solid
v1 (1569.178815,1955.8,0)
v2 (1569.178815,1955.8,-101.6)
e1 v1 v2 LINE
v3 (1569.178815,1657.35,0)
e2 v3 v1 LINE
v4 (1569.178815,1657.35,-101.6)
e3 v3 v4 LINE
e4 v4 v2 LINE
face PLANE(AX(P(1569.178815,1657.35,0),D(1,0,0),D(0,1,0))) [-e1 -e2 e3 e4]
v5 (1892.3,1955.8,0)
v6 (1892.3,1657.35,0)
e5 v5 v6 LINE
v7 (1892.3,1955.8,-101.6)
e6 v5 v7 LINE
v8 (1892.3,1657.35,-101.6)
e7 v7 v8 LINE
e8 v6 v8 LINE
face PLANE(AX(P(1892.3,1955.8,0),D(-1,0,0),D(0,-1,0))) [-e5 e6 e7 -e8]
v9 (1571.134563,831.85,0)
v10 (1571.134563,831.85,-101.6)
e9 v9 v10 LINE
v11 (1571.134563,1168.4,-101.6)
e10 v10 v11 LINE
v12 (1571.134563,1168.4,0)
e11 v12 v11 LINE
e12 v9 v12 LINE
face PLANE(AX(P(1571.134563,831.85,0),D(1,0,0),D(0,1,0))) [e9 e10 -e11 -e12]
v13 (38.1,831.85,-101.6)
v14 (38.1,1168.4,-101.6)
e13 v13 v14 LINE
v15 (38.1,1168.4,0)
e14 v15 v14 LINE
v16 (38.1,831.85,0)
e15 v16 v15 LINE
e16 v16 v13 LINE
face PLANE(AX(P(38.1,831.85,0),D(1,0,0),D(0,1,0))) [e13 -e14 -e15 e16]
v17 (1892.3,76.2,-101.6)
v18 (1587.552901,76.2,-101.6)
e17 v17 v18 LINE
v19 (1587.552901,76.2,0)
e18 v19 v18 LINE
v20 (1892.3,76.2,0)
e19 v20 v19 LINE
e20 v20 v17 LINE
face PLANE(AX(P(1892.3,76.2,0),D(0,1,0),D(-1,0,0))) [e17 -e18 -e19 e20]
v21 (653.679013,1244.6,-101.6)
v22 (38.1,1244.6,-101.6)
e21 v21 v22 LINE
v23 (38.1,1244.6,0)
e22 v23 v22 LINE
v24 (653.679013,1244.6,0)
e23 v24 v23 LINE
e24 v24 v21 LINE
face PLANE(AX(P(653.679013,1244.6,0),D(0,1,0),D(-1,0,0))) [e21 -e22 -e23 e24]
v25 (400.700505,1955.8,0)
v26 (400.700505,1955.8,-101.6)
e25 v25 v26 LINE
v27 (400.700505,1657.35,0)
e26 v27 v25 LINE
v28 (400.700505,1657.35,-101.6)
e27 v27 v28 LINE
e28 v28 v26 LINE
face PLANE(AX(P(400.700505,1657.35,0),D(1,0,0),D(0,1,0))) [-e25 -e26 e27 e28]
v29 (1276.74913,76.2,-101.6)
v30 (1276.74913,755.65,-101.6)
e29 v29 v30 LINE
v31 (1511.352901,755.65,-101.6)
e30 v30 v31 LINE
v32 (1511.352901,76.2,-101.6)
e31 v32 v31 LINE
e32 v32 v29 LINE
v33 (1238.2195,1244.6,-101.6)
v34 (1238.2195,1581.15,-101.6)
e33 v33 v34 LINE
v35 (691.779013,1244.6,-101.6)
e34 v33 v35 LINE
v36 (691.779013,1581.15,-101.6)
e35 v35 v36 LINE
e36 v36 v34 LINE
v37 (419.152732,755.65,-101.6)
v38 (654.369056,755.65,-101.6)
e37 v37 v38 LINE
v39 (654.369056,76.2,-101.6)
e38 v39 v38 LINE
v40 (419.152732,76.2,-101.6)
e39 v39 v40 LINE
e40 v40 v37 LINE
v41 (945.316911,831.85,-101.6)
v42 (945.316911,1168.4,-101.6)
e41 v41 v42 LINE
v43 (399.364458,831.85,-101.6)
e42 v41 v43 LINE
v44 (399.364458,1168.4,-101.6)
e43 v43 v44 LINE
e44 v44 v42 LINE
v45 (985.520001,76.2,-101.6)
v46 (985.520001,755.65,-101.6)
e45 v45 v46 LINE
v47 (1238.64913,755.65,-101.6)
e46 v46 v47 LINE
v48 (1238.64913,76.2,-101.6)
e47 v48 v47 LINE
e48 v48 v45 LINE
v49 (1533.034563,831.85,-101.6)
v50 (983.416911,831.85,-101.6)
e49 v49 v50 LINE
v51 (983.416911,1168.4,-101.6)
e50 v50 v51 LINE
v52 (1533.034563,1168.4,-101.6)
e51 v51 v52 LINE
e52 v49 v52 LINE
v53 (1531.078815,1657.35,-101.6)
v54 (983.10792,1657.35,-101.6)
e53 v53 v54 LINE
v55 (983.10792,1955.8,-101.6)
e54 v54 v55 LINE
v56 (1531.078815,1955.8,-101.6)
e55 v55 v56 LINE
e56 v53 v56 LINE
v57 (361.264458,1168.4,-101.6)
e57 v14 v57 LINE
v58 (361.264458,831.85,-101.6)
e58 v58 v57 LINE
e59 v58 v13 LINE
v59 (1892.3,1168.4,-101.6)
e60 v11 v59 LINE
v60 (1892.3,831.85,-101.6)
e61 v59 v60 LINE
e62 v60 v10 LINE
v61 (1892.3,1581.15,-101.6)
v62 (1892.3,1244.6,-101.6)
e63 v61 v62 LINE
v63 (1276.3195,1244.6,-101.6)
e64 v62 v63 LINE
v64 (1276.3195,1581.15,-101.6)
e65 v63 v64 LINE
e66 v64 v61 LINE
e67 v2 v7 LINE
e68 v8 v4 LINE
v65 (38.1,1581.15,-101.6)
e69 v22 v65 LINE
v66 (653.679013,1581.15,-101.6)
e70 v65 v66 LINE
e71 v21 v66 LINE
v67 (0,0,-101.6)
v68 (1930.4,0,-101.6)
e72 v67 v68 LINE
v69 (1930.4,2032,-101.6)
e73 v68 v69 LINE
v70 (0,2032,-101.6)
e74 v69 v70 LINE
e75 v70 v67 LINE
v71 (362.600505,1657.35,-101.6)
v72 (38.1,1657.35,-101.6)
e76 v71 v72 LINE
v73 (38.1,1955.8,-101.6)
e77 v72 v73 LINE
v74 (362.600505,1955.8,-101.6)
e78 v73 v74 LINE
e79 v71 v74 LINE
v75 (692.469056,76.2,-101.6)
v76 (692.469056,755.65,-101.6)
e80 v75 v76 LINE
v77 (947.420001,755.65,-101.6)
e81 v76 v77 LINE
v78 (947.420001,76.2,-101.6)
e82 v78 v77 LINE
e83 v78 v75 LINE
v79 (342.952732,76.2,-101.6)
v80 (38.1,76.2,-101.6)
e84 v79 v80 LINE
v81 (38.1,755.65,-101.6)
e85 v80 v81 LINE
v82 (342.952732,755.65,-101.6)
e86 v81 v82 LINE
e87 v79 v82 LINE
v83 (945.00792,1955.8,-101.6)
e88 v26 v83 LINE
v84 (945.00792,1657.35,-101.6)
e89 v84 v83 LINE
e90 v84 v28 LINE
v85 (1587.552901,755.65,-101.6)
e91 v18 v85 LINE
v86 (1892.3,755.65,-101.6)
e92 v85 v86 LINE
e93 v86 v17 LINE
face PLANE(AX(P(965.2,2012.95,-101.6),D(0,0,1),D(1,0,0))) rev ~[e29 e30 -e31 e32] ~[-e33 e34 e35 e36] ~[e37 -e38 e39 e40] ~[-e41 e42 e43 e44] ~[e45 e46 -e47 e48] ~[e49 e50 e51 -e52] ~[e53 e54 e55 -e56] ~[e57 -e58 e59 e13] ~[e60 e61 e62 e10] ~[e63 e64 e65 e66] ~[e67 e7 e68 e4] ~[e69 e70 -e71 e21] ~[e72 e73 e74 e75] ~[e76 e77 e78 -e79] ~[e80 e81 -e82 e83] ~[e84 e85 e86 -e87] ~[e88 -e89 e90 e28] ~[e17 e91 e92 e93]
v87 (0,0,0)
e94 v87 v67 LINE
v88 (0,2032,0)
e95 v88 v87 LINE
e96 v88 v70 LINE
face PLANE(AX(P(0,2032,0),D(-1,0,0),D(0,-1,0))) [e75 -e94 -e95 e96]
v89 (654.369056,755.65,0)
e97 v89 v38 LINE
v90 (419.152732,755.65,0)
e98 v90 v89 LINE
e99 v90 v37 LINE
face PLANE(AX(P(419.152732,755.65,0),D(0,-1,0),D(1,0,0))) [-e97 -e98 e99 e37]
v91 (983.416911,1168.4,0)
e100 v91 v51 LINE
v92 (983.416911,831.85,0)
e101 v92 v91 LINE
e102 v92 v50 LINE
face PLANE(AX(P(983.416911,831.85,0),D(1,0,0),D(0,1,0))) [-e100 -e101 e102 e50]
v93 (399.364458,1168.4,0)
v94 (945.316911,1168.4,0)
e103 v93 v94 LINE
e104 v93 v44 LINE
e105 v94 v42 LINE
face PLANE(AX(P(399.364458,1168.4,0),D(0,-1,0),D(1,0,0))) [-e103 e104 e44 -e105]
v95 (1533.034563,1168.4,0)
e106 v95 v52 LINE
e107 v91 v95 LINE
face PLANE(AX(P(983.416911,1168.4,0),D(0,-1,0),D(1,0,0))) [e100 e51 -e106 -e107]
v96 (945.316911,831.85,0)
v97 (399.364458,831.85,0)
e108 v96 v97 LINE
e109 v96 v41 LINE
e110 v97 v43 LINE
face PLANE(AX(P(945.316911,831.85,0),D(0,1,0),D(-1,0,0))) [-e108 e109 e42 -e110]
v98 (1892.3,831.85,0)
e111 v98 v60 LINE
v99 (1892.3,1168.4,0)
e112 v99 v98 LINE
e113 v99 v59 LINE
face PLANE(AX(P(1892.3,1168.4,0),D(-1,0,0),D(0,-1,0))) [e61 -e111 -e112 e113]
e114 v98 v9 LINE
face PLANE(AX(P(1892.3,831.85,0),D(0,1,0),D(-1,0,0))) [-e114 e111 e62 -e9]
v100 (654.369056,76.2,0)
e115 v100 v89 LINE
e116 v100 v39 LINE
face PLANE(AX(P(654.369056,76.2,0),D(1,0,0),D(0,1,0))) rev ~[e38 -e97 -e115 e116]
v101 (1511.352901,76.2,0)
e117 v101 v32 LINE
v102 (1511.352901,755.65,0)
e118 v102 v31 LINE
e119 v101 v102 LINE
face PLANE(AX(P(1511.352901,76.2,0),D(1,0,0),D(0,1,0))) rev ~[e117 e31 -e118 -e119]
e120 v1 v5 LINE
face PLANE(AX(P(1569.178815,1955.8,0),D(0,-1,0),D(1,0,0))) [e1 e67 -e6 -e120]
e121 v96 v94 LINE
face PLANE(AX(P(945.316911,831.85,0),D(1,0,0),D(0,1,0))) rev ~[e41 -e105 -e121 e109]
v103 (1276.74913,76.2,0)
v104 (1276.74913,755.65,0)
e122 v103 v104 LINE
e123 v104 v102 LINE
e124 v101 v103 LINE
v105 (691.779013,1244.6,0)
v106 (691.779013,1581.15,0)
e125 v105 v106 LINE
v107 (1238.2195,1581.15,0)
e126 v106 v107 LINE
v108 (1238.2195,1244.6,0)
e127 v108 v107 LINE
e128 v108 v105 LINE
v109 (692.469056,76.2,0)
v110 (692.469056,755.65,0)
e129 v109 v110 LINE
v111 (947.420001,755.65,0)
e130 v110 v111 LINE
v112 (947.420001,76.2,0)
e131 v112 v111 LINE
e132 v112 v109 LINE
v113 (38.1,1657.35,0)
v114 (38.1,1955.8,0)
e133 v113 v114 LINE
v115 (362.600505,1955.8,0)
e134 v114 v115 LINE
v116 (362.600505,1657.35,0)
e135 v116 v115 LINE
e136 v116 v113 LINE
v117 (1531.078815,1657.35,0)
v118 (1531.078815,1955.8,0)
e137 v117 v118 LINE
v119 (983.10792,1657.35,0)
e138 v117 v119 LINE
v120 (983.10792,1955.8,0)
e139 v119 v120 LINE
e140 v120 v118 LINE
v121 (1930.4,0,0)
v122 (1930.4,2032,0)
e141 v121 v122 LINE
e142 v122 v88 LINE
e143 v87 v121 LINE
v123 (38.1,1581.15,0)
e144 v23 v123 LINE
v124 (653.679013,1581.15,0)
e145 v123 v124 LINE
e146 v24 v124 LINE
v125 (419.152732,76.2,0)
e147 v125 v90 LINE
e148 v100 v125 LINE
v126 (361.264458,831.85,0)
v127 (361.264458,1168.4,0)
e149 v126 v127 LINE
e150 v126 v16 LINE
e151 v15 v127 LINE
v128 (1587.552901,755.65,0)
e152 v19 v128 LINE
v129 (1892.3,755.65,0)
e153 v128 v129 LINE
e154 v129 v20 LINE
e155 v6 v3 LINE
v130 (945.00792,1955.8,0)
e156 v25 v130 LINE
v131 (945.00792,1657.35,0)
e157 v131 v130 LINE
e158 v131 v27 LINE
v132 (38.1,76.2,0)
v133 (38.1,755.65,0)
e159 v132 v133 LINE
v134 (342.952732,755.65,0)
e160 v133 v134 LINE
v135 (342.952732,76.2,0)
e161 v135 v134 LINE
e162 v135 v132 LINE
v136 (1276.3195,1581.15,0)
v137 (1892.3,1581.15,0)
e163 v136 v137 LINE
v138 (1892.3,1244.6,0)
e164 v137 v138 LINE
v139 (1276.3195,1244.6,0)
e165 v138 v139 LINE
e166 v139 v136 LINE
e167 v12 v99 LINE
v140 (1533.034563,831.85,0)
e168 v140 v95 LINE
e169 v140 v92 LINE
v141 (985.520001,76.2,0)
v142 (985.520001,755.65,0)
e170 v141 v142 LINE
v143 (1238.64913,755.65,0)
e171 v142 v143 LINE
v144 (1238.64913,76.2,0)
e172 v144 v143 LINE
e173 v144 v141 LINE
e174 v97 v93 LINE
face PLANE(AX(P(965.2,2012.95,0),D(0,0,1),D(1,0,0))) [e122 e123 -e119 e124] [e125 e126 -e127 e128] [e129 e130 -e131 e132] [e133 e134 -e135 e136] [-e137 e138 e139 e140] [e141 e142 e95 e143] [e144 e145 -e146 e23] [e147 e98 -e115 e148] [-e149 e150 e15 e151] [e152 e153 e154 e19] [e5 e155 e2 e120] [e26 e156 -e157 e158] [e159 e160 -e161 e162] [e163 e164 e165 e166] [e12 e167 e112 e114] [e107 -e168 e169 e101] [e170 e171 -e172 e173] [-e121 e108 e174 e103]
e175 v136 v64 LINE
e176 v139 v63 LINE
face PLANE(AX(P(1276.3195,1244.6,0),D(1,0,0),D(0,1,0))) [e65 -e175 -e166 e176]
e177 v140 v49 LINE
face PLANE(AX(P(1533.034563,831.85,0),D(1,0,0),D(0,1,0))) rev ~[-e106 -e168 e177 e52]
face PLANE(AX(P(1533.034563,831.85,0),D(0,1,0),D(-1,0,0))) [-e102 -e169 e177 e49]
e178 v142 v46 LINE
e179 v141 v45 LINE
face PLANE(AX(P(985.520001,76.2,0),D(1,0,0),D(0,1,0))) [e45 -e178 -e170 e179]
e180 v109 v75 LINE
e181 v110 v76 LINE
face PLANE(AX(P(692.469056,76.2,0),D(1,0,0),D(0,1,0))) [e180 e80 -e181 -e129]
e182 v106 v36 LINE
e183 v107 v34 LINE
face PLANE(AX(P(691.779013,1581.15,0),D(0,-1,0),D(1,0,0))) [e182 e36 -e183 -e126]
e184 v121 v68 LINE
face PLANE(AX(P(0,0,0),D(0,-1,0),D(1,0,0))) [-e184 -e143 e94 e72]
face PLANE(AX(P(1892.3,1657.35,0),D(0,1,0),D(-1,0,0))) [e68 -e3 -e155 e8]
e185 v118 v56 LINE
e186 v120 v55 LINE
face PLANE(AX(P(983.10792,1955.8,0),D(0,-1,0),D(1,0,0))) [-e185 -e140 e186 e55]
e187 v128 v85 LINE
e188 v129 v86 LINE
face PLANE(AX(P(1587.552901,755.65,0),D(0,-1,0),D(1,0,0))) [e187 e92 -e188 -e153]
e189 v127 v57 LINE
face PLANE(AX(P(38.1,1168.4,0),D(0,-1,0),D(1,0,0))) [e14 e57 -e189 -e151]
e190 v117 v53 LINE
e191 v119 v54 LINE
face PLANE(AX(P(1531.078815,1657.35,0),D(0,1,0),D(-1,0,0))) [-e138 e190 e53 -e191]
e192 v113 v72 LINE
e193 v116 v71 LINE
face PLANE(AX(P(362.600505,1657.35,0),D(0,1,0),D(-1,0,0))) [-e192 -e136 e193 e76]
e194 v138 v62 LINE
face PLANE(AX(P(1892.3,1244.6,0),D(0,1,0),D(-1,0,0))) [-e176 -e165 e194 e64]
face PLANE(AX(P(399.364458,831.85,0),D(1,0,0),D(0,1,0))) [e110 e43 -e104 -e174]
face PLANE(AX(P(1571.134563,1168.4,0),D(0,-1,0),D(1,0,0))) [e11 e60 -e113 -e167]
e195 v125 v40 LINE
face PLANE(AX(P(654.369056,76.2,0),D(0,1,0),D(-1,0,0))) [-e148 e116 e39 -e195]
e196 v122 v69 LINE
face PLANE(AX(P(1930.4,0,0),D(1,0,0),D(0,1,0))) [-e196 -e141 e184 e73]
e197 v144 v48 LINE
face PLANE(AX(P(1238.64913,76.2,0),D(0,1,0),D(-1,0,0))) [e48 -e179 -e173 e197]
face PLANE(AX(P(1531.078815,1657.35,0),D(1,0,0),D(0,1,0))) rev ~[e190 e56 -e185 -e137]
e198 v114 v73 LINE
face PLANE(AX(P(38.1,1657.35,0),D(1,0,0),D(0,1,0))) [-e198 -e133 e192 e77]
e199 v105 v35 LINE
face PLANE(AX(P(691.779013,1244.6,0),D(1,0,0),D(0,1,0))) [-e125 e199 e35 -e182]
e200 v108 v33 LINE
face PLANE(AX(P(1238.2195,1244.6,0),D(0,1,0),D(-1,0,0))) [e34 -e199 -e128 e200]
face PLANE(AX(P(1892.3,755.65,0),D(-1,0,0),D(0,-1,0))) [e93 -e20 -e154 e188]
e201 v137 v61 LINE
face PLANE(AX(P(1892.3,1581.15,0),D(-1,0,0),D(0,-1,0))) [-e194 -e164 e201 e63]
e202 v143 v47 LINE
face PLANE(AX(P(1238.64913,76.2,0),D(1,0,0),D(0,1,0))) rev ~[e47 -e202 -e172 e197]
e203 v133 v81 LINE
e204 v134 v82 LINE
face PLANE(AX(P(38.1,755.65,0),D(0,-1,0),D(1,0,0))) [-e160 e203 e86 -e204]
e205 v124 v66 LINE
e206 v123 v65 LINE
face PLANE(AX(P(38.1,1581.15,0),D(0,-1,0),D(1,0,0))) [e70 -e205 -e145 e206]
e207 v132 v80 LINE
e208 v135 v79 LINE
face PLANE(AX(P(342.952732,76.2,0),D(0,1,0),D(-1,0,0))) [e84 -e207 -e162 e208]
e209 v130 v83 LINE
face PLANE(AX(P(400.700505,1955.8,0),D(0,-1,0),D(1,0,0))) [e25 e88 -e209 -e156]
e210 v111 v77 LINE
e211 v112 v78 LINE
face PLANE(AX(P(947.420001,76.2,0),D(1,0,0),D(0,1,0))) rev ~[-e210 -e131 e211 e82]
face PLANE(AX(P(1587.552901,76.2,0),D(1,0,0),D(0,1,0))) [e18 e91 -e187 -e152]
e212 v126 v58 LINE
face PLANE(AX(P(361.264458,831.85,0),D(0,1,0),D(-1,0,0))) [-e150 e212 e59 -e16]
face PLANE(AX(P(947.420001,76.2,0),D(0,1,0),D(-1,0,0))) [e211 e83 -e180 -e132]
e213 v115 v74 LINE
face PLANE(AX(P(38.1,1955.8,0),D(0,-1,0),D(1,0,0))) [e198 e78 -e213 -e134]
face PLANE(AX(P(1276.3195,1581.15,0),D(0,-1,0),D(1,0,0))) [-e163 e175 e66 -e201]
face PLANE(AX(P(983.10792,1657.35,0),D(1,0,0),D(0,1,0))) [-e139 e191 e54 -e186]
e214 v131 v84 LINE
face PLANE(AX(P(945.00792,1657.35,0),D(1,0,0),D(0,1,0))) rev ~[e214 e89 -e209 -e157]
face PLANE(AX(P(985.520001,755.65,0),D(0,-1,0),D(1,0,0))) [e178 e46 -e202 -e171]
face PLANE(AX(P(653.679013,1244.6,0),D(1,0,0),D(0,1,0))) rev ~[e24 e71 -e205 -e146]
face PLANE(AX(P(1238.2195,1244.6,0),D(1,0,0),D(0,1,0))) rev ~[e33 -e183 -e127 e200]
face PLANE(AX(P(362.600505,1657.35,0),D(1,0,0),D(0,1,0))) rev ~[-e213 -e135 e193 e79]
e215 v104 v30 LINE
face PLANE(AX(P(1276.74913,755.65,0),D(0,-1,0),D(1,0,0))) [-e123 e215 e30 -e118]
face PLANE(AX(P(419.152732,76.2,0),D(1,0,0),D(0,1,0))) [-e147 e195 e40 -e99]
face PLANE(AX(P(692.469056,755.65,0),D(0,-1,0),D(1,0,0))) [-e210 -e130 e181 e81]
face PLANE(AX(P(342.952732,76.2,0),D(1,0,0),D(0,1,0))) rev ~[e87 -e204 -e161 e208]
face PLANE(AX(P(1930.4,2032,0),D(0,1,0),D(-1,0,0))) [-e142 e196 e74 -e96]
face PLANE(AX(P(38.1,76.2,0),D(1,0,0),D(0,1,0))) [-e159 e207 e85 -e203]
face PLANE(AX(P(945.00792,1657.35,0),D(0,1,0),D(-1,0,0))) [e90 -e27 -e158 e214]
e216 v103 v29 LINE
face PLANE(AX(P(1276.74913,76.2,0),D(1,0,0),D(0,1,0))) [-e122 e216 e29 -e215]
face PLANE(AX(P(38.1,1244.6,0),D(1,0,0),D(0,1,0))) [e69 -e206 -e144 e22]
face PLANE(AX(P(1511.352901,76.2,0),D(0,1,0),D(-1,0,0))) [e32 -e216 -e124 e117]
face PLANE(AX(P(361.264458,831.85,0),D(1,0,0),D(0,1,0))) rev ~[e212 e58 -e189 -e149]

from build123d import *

# Parameters (mm, degrees)
F0_W     = 1854.2
F0_H     = 38.1
F0_W_2   = 38.1
F0_H_2   = 298.45
F0_H_3   = 336.55
F0_H_4   = 679.45
F1_DEPTH = 101.6


with BuildPart() as f1:
    # F0 (on Top) → F1 (new body)
    with BuildSketch(Plane.XY):
        with Locations((965.2, 2012.95)):
            Rectangle(F0_W, F0_H)
        Polygon((1892.3, 1955.8), (1892.3, 1993.9), (38.1, 1993.9), (38.1, 1955.8), (362.600505, 1955.8), (400.700505, 1955.8), (945.00792, 1955.8), (983.10792, 1955.8), (1531.078815, 1955.8), (1569.178815, 1955.8), align=None)
        Polygon((0, 0), (38.1, 0), (38.1, 38.1), (38.1, 76.2), (38.1, 755.65), (38.1, 793.75), (38.1, 831.85), (38.1, 1168.4), (38.1, 1206.5), (38.1, 1244.6), (38.1, 1581.15), (38.1, 1619.25), (38.1, 1657.35), (38.1, 1955.8), (38.1, 1993.9), (38.1, 2032), (0, 2032), align=None)
        with Locations((381.650505, 1806.575)):
            Rectangle(F0_W_2, F0_H_2)
        Polygon((1892.3, 1619.25), (1892.3, 1657.35), (1569.178815, 1657.35), (1531.078815, 1657.35), (983.10792, 1657.35), (945.00792, 1657.35), (400.700505, 1657.35), (362.600505, 1657.35), (38.1, 1657.35), (38.1, 1619.25), align=None)
        with Locations((964.05792, 1806.575)):
            Rectangle(F0_W_2, F0_H_2)
        with Locations((1550.128815, 1806.575)):
            Rectangle(F0_W_2, F0_H_2)
        Polygon((1892.3, 38.1), (1892.3, 0), (1930.4, 0), (1930.4, 2032), (1892.3, 2032), (1892.3, 1993.9), (1892.3, 1955.8), (1892.3, 1657.35), (1892.3, 1619.25), (1892.3, 1581.15), (1892.3, 1244.6), (1892.3, 1206.5), (1892.3, 1168.4), (1892.3, 831.85), (1892.3, 793.75), (1892.3, 755.65), (1892.3, 76.2), align=None)
        with Locations((1257.2695, 1412.875)):
            Rectangle(F0_W_2, F0_H_3)
        with Locations((672.729013, 1412.875)):
            Rectangle(F0_W_2, F0_H_3)
        Polygon((38.1, 1206.5), (1892.3, 1206.5), (1892.3, 1244.6), (1276.3195, 1244.6), (1238.2195, 1244.6), (691.779013, 1244.6), (653.679013, 1244.6), (38.1, 1244.6), align=None)
        Polygon((1571.134563, 1168.4), (1892.3, 1168.4), (1892.3, 1206.5), (38.1, 1206.5), (38.1, 1168.4), (361.264458, 1168.4), (399.364458, 1168.4), (945.316911, 1168.4), (983.416911, 1168.4), (1533.034563, 1168.4), align=None)
        with Locations((380.314458, 1000.125)):
            Rectangle(F0_W_2, F0_H_3)
        with Locations((964.366911, 1000.125)):
            Rectangle(F0_W_2, F0_H_3)
        with Locations((1552.084563, 1000.125)):
            Rectangle(F0_W_2, F0_H_3)
        Polygon((1587.552901, 755.65), (1892.3, 755.65), (1892.3, 793.75), (38.1, 793.75), (38.1, 755.65), (342.952732, 755.65), (381.052732, 755.65), (419.152732, 755.65), (654.369056, 755.65), (692.469056, 755.65), (947.420001, 755.65), (985.520001, 755.65), (1238.64913, 755.65), (1276.74913, 755.65), (1511.352901, 755.65), (1549.452901, 755.65), align=None)
        with Locations((1568.502901, 415.925)):
            Rectangle(F0_W_2, F0_H_4)
        with Locations((1530.402901, 415.925)):
            Rectangle(F0_W_2, F0_H_4)
        with Locations((1257.69913, 415.925)):
            Rectangle(F0_W_2, F0_H_4)
        with Locations((966.470001, 415.925)):
            Rectangle(F0_W_2, F0_H_4)
        with Locations((673.419056, 415.925)):
            Rectangle(F0_W_2, F0_H_4)
        with Locations((400.102732, 415.925)):
            Rectangle(F0_W_2, F0_H_4)
        with Locations((362.002732, 415.925)):
            Rectangle(F0_W_2, F0_H_4)
        Polygon((38.1, 38.1), (1892.3, 38.1), (1892.3, 76.2), (1587.552901, 76.2), (1549.452901, 76.2), (1511.352901, 76.2), (1276.74913, 76.2), (1238.64913, 76.2), (985.520001, 76.2), (947.420001, 76.2), (692.469056, 76.2), (654.369056, 76.2), (419.152732, 76.2), (381.052732, 76.2), (342.952732, 76.2), (38.1, 76.2), align=None)
        with Locations((965.2, 19.05)):
            Rectangle(F0_W, F0_H)
        Polygon((38.1, 793.75), (1892.3, 793.75), (1892.3, 831.85), (1571.134563, 831.85), (1533.034563, 831.85), (983.416911, 831.85), (945.316911, 831.85), (399.364458, 831.85), (361.264458, 831.85), (38.1, 831.85), align=None)
        Polygon((1892.3, 1581.15), (1892.3, 1619.25), (38.1, 1619.25), (38.1, 1581.15), (653.679013, 1581.15), (691.779013, 1581.15), (1238.2195, 1581.15), (1276.3195, 1581.15), align=None)
    extrude(amount=-F1_DEPTH)


solid = f1.part
